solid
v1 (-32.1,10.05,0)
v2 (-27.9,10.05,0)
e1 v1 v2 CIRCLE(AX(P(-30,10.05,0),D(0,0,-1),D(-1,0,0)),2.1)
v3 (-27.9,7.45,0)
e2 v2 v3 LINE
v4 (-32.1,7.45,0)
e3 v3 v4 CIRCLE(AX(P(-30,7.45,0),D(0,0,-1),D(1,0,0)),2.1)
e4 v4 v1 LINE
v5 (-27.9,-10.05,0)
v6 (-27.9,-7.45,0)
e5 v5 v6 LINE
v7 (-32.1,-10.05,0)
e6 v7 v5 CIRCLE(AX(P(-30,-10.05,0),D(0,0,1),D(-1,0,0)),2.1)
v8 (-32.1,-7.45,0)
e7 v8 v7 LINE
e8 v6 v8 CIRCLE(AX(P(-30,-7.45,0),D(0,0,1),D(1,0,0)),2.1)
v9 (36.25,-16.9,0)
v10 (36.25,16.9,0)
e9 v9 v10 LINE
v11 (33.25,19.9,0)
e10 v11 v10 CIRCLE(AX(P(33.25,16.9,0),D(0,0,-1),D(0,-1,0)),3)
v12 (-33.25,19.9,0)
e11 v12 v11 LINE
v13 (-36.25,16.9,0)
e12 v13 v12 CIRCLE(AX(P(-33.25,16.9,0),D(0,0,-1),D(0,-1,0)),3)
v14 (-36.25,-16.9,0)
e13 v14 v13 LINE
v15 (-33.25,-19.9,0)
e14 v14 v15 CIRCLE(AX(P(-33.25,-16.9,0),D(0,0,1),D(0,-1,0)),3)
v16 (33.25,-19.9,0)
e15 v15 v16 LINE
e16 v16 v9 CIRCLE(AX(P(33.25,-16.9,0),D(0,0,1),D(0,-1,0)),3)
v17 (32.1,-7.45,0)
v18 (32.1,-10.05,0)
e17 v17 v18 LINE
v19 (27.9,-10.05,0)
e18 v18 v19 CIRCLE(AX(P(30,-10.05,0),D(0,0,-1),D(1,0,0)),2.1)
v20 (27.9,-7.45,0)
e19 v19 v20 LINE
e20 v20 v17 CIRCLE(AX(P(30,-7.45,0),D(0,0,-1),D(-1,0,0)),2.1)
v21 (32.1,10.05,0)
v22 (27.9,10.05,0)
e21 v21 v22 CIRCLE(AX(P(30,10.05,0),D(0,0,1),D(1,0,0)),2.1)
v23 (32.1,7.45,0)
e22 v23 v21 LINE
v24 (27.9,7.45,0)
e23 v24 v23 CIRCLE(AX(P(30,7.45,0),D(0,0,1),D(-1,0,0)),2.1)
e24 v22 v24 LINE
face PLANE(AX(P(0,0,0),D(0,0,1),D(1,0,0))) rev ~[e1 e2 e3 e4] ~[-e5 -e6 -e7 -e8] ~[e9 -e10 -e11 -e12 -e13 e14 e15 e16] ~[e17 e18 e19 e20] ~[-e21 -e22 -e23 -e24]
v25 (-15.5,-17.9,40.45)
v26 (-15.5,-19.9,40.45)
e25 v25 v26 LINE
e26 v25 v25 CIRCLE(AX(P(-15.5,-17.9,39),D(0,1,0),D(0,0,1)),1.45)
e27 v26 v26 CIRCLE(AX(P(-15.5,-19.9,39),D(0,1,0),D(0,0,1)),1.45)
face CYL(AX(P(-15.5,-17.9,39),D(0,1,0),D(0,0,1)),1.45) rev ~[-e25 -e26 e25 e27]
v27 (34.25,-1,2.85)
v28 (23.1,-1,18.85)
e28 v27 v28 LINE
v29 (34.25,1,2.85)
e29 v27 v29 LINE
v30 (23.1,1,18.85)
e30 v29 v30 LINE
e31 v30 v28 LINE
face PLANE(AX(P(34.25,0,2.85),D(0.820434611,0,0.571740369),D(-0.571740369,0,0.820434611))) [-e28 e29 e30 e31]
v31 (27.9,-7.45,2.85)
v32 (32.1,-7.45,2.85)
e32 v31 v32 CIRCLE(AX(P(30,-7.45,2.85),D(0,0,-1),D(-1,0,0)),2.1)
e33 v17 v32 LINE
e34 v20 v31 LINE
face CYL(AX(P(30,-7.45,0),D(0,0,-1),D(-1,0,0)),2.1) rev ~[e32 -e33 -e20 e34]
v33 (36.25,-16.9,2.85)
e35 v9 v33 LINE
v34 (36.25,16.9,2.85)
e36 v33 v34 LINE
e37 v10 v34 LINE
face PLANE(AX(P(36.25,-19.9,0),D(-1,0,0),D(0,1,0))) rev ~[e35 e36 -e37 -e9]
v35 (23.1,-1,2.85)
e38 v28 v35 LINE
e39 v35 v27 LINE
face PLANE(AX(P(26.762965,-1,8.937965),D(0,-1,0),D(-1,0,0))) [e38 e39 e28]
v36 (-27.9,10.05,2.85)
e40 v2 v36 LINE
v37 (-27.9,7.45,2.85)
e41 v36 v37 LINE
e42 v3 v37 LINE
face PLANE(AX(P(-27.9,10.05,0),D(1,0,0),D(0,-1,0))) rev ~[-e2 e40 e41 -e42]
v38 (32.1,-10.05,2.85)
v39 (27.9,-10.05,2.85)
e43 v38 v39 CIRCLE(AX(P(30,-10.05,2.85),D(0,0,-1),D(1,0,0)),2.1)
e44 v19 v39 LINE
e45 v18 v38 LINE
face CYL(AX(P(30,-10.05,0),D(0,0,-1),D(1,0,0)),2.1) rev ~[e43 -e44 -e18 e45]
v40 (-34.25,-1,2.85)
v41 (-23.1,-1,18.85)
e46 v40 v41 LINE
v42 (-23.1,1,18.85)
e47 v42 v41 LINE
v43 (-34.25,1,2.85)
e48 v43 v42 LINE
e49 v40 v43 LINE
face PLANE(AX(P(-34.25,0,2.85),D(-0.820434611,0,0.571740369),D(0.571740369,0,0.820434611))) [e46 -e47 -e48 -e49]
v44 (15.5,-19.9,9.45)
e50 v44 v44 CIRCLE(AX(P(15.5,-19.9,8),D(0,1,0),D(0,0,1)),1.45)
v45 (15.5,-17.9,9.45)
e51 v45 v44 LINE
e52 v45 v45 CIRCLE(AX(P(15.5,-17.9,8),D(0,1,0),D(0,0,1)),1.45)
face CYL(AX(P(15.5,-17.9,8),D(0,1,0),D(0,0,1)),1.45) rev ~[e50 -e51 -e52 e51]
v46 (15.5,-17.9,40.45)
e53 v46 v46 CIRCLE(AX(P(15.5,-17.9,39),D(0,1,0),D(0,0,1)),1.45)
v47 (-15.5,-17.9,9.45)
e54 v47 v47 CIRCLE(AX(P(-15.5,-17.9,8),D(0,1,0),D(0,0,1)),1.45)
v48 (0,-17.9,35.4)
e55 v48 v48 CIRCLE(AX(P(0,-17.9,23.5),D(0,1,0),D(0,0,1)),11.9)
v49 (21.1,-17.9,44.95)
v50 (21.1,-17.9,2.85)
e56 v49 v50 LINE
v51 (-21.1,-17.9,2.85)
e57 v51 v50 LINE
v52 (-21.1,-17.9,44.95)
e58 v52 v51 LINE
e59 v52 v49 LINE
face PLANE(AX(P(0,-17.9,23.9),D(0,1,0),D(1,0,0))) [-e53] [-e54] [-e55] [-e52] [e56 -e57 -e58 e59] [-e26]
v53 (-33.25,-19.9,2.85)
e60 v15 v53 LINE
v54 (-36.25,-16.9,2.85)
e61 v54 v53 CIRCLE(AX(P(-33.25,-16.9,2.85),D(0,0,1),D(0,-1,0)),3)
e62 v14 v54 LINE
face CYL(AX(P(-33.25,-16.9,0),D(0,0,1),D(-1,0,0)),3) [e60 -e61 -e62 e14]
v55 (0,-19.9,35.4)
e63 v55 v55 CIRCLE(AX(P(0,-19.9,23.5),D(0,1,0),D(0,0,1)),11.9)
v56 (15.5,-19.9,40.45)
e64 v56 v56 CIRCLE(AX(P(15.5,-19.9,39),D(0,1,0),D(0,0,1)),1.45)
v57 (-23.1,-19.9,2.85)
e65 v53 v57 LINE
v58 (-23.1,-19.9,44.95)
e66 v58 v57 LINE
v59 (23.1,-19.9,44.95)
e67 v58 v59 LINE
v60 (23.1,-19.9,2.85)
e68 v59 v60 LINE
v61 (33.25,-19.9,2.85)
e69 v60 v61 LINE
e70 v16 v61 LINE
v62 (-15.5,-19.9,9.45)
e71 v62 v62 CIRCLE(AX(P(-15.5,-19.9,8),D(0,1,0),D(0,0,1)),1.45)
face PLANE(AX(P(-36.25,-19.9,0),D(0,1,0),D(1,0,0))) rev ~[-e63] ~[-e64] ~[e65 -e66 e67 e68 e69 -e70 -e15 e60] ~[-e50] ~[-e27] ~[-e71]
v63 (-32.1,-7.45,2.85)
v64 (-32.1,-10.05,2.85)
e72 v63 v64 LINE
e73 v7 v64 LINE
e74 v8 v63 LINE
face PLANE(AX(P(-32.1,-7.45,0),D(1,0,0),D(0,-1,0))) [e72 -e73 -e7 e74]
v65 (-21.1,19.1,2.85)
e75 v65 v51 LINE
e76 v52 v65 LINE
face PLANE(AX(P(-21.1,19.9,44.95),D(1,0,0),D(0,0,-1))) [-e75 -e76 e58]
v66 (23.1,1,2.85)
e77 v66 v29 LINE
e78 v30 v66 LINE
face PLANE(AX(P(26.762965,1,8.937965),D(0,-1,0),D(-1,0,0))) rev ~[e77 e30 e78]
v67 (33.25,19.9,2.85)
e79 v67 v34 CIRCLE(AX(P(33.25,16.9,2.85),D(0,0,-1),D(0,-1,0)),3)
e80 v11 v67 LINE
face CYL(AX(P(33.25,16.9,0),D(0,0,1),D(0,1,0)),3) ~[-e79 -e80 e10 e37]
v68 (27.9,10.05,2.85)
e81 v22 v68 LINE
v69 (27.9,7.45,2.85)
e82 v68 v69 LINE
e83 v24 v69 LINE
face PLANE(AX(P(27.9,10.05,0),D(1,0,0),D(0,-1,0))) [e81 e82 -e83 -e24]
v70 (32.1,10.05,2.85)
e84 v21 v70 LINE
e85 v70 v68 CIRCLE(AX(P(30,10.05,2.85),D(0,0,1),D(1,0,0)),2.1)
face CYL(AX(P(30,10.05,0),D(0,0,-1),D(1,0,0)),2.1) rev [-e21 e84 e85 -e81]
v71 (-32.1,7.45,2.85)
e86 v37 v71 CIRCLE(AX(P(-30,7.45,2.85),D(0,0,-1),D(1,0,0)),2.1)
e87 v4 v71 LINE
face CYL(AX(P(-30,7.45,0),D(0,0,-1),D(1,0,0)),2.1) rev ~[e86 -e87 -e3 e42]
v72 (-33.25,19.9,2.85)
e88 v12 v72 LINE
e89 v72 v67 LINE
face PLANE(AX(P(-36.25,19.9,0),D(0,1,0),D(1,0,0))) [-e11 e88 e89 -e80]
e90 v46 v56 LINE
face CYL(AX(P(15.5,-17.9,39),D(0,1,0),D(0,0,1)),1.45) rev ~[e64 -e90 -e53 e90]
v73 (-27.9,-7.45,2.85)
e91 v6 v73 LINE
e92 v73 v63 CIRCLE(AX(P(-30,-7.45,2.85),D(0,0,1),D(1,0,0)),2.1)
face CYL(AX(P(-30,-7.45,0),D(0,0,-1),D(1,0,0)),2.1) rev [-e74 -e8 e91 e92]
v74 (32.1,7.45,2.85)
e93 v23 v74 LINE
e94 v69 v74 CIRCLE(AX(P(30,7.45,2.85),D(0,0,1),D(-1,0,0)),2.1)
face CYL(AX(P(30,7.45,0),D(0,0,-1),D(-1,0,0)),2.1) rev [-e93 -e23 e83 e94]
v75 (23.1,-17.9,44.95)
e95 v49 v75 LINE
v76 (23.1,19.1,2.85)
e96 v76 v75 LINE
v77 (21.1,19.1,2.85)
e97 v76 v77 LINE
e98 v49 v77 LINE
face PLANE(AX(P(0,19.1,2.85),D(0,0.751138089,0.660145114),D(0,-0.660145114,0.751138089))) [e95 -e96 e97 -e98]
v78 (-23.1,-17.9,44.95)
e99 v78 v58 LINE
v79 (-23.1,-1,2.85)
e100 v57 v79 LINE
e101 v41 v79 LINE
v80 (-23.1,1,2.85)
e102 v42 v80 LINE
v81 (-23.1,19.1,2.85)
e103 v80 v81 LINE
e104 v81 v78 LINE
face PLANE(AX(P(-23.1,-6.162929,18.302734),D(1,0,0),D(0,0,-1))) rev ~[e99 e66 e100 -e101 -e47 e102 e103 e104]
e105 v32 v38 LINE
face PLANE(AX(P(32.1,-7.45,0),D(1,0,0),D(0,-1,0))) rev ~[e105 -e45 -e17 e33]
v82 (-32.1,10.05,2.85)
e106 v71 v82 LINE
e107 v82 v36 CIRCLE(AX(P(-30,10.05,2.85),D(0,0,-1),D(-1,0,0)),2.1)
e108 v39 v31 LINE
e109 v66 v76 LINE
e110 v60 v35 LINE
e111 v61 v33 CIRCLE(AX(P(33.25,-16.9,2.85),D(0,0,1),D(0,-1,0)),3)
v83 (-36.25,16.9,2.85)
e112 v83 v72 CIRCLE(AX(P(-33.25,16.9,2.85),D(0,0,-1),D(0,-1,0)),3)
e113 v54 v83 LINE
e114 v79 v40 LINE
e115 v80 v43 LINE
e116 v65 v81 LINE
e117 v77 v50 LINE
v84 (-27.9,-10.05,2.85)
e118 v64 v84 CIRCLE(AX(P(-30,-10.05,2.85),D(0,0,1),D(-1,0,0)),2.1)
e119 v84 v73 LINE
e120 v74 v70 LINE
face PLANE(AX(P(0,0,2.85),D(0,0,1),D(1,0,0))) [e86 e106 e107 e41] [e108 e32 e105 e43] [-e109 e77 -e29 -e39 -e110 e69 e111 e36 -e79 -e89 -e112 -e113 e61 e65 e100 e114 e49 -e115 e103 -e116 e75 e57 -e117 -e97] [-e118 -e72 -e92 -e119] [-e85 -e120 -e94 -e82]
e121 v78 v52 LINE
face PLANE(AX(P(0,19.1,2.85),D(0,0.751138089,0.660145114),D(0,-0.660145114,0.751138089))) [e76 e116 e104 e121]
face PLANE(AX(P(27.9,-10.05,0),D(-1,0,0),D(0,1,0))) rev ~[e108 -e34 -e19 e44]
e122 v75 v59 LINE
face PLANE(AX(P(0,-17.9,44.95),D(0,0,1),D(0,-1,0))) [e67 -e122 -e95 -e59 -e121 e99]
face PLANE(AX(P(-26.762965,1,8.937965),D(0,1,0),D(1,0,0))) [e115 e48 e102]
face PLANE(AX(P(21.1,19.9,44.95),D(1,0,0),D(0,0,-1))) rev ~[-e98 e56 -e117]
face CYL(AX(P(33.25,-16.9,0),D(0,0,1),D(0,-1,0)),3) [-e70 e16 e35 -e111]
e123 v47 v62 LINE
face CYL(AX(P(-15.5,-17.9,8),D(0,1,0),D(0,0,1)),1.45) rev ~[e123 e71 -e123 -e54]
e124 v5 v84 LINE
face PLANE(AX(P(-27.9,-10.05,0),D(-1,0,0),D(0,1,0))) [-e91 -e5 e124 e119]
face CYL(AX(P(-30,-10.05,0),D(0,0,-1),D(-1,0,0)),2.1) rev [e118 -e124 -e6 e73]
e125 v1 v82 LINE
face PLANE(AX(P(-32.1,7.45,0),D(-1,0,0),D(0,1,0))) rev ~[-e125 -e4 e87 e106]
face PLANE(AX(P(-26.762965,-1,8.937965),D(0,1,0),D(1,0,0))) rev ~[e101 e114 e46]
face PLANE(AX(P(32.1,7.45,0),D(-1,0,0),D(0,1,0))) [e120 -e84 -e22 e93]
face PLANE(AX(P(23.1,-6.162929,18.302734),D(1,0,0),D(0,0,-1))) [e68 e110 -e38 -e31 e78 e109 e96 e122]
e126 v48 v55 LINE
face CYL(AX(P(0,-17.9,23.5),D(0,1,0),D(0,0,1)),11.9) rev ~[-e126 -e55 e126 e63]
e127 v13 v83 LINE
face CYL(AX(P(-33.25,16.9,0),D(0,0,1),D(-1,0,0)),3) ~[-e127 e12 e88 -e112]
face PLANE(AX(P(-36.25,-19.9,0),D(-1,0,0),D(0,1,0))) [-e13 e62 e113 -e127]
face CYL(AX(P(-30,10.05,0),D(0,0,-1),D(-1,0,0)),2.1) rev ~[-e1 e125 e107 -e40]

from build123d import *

# Parameters (mm, degrees)
SKETCH1_W           = 72.5
SKETCH1_H           = 39.8
BOSS_EXTRUDE1_DEPTH = 2.85
BOSS_EXTRUDE2_DEPTH = 23.1
SKETCH5_W           = 42.2
SKETCH5_H           = 42.1
CUT_EXTRUDE1_DEPTH  = 37.8
CUT_EXTRUDE2_REACH  = 71.017
SKETCH6_R           = 1.45
SKETCH6_R_2         = 11.9
FILLET1_R           = 3
BOSS_EXTRUDE3_DEPTH = 1


with BuildPart() as part:
    # Sketch1 → Boss-Extrude1 (new body)
    with BuildSketch(Plane.XY):
        Rectangle(SKETCH1_W, SKETCH1_H)
        with BuildLine():
            Line((-27.9, 10.05), (-27.9, 7.45))
            ThreePointArc((-27.9, 7.45), (-30, 5.35), (-32.1, 7.45))
            Line((-32.1, 7.45), (-32.1, 10.05))
            ThreePointArc((-32.1, 10.05), (-30, 12.15), (-27.9, 10.05))
        make_face(mode=Mode.SUBTRACT)
        with BuildLine():
            Line((-27.9, -10.05), (-27.9, -7.45))
            ThreePointArc((-27.9, -7.45), (-30, -5.35), (-32.1, -7.45))
            Line((-32.1, -7.45), (-32.1, -10.05))
            ThreePointArc((-32.1, -10.05), (-30, -12.15), (-27.9, -10.05))
        make_face(mode=Mode.SUBTRACT)
        with BuildLine():
            Line((27.9, 10.05), (27.9, 7.45))
            ThreePointArc((27.9, 7.45), (30, 5.35), (32.1, 7.45))
            Line((32.1, 7.45), (32.1, 10.05))
            ThreePointArc((32.1, 10.05), (30, 12.15), (27.9, 10.05))
        make_face(mode=Mode.SUBTRACT)
        with BuildLine():
            Line((27.9, -10.05), (27.9, -7.45))
            ThreePointArc((27.9, -7.45), (30, -5.35), (32.1, -7.45))
            Line((32.1, -7.45), (32.1, -10.05))
            ThreePointArc((32.1, -10.05), (30, -12.15), (27.9, -10.05))
        make_face(mode=Mode.SUBTRACT)
    extrude(amount=BOSS_EXTRUDE1_DEPTH)

    # Sketch4 → Boss-Extrude2 (add, symmetric)
    with BuildSketch(Plane(origin=(0, 0, 0), x_dir=(0, 0, -1), z_dir=(1, 0, 0))):
        Polygon((-2.85, 19.1), (-44.95, -17.9), (-44.95, -19.9), (-2.85, -19.9), align=None)
    extrude(amount=BOSS_EXTRUDE2_DEPTH, both=True)

    # Sketch5 → Cut-Extrude1 (cut)
    with BuildSketch(Plane(origin=(0, 19.9, 0), x_dir=(1, 0, 0), z_dir=(0, 1, 0))):
        with Locations((0, -23.9)):
            Rectangle(SKETCH5_W, SKETCH5_H)
    extrude(amount=-CUT_EXTRUDE1_DEPTH, mode=Mode.SUBTRACT)

    # Sketch6 → Cut-Extrude2 (cut, up to next)
    with BuildSketch(Plane(origin=(0, -17.9, 0), x_dir=(1, 0, 0), z_dir=(0, 1, 0)), mode=Mode.PRIVATE) as cut_extrude2_sk1:
        with Locations(Location((-15.5, -8, 0), (0, 0, 270))):
            Circle(SKETCH6_R)
    cut_extrude2_tool1 = extrude(cut_extrude2_sk1.sketch, amount=-CUT_EXTRUDE2_REACH, mode=Mode.PRIVATE) & part.part
    # Sketch6 → Cut-Extrude2 (cut, up to next)
    with BuildSketch(Plane(origin=(0, -17.9, 0), x_dir=(1, 0, 0), z_dir=(0, 1, 0)), mode=Mode.PRIVATE) as cut_extrude2_sk2:
        with Locations(Location((15.5, -8, 0), (0, 0, 270))):
            Circle(SKETCH6_R)
    cut_extrude2_tool2 = extrude(cut_extrude2_sk2.sketch, amount=-CUT_EXTRUDE2_REACH, mode=Mode.PRIVATE) & part.part
    # Sketch6 → Cut-Extrude2 (cut, up to next)
    with BuildSketch(Plane(origin=(0, -17.9, 0), x_dir=(1, 0, 0), z_dir=(0, 1, 0)), mode=Mode.PRIVATE) as cut_extrude2_sk3:
        with Locations(Location((15.5, -39, 0), (0, 0, 270))):
            Circle(SKETCH6_R)
    cut_extrude2_tool3 = extrude(cut_extrude2_sk3.sketch, amount=-CUT_EXTRUDE2_REACH, mode=Mode.PRIVATE) & part.part
    # Sketch6 → Cut-Extrude2 (cut, up to next)
    with BuildSketch(Plane(origin=(0, -17.9, 0), x_dir=(1, 0, 0), z_dir=(0, 1, 0)), mode=Mode.PRIVATE) as cut_extrude2_sk4:
        with Locations(Location((-15.5, -39, 0), (0, 0, 270))):
            Circle(SKETCH6_R)
    cut_extrude2_tool4 = extrude(cut_extrude2_sk4.sketch, amount=-CUT_EXTRUDE2_REACH, mode=Mode.PRIVATE) & part.part
    # Sketch6 → Cut-Extrude2 (cut, up to next)
    with BuildSketch(Plane(origin=(0, -17.9, 0), x_dir=(1, 0, 0), z_dir=(0, 1, 0)), mode=Mode.PRIVATE) as cut_extrude2_sk5:
        with Locations(Location((0, -23.5, 0), (0, 0, 270))):
            Circle(SKETCH6_R_2)
    cut_extrude2_tool5 = extrude(cut_extrude2_sk5.sketch, amount=-CUT_EXTRUDE2_REACH, mode=Mode.PRIVATE) & part.part
    add(cut_extrude2_tool1.solids().sort_by_distance((-15.5, -17.9, 8))[0], mode=Mode.SUBTRACT)
    add(cut_extrude2_tool2.solids().sort_by_distance((15.5, -17.9, 8))[0], mode=Mode.SUBTRACT)
    add(cut_extrude2_tool3.solids().sort_by_distance((15.5, -17.9, 39))[0], mode=Mode.SUBTRACT)
    add(cut_extrude2_tool4.solids().sort_by_distance((-15.5, -17.9, 39))[0], mode=Mode.SUBTRACT)
    add(cut_extrude2_tool5.solids().sort_by_distance((0, -17.9, 23.5))[0], mode=Mode.SUBTRACT)

    # Fillet1
    fillet1_edges = [part.edges().sort_by_distance(p)[0] for p in [
        (-36.25, 19.9, 1.425),
        (36.25, 19.9, 1.425),
        (36.25, -19.9, 1.425),
        (-36.25, -19.9, 1.425),
    ]]
    fillet(fillet1_edges, radius=FILLET1_R)

    # Sketch7 → Boss-Extrude3 (add, symmetric)
    with BuildSketch(Plane(origin=(0, 0, 0), x_dir=(1, 0, 0), z_dir=(0, 1, 0))):
        Polygon((34.25, -2.85), (23.1, -18.85), (23.1, -2.85), align=None)
        Polygon((-23.1, -2.85), (-34.25, -2.85), (-23.1, -18.85), align=None)
    extrude(amount=BOSS_EXTRUDE3_DEPTH, both=True)


solid = part.part
